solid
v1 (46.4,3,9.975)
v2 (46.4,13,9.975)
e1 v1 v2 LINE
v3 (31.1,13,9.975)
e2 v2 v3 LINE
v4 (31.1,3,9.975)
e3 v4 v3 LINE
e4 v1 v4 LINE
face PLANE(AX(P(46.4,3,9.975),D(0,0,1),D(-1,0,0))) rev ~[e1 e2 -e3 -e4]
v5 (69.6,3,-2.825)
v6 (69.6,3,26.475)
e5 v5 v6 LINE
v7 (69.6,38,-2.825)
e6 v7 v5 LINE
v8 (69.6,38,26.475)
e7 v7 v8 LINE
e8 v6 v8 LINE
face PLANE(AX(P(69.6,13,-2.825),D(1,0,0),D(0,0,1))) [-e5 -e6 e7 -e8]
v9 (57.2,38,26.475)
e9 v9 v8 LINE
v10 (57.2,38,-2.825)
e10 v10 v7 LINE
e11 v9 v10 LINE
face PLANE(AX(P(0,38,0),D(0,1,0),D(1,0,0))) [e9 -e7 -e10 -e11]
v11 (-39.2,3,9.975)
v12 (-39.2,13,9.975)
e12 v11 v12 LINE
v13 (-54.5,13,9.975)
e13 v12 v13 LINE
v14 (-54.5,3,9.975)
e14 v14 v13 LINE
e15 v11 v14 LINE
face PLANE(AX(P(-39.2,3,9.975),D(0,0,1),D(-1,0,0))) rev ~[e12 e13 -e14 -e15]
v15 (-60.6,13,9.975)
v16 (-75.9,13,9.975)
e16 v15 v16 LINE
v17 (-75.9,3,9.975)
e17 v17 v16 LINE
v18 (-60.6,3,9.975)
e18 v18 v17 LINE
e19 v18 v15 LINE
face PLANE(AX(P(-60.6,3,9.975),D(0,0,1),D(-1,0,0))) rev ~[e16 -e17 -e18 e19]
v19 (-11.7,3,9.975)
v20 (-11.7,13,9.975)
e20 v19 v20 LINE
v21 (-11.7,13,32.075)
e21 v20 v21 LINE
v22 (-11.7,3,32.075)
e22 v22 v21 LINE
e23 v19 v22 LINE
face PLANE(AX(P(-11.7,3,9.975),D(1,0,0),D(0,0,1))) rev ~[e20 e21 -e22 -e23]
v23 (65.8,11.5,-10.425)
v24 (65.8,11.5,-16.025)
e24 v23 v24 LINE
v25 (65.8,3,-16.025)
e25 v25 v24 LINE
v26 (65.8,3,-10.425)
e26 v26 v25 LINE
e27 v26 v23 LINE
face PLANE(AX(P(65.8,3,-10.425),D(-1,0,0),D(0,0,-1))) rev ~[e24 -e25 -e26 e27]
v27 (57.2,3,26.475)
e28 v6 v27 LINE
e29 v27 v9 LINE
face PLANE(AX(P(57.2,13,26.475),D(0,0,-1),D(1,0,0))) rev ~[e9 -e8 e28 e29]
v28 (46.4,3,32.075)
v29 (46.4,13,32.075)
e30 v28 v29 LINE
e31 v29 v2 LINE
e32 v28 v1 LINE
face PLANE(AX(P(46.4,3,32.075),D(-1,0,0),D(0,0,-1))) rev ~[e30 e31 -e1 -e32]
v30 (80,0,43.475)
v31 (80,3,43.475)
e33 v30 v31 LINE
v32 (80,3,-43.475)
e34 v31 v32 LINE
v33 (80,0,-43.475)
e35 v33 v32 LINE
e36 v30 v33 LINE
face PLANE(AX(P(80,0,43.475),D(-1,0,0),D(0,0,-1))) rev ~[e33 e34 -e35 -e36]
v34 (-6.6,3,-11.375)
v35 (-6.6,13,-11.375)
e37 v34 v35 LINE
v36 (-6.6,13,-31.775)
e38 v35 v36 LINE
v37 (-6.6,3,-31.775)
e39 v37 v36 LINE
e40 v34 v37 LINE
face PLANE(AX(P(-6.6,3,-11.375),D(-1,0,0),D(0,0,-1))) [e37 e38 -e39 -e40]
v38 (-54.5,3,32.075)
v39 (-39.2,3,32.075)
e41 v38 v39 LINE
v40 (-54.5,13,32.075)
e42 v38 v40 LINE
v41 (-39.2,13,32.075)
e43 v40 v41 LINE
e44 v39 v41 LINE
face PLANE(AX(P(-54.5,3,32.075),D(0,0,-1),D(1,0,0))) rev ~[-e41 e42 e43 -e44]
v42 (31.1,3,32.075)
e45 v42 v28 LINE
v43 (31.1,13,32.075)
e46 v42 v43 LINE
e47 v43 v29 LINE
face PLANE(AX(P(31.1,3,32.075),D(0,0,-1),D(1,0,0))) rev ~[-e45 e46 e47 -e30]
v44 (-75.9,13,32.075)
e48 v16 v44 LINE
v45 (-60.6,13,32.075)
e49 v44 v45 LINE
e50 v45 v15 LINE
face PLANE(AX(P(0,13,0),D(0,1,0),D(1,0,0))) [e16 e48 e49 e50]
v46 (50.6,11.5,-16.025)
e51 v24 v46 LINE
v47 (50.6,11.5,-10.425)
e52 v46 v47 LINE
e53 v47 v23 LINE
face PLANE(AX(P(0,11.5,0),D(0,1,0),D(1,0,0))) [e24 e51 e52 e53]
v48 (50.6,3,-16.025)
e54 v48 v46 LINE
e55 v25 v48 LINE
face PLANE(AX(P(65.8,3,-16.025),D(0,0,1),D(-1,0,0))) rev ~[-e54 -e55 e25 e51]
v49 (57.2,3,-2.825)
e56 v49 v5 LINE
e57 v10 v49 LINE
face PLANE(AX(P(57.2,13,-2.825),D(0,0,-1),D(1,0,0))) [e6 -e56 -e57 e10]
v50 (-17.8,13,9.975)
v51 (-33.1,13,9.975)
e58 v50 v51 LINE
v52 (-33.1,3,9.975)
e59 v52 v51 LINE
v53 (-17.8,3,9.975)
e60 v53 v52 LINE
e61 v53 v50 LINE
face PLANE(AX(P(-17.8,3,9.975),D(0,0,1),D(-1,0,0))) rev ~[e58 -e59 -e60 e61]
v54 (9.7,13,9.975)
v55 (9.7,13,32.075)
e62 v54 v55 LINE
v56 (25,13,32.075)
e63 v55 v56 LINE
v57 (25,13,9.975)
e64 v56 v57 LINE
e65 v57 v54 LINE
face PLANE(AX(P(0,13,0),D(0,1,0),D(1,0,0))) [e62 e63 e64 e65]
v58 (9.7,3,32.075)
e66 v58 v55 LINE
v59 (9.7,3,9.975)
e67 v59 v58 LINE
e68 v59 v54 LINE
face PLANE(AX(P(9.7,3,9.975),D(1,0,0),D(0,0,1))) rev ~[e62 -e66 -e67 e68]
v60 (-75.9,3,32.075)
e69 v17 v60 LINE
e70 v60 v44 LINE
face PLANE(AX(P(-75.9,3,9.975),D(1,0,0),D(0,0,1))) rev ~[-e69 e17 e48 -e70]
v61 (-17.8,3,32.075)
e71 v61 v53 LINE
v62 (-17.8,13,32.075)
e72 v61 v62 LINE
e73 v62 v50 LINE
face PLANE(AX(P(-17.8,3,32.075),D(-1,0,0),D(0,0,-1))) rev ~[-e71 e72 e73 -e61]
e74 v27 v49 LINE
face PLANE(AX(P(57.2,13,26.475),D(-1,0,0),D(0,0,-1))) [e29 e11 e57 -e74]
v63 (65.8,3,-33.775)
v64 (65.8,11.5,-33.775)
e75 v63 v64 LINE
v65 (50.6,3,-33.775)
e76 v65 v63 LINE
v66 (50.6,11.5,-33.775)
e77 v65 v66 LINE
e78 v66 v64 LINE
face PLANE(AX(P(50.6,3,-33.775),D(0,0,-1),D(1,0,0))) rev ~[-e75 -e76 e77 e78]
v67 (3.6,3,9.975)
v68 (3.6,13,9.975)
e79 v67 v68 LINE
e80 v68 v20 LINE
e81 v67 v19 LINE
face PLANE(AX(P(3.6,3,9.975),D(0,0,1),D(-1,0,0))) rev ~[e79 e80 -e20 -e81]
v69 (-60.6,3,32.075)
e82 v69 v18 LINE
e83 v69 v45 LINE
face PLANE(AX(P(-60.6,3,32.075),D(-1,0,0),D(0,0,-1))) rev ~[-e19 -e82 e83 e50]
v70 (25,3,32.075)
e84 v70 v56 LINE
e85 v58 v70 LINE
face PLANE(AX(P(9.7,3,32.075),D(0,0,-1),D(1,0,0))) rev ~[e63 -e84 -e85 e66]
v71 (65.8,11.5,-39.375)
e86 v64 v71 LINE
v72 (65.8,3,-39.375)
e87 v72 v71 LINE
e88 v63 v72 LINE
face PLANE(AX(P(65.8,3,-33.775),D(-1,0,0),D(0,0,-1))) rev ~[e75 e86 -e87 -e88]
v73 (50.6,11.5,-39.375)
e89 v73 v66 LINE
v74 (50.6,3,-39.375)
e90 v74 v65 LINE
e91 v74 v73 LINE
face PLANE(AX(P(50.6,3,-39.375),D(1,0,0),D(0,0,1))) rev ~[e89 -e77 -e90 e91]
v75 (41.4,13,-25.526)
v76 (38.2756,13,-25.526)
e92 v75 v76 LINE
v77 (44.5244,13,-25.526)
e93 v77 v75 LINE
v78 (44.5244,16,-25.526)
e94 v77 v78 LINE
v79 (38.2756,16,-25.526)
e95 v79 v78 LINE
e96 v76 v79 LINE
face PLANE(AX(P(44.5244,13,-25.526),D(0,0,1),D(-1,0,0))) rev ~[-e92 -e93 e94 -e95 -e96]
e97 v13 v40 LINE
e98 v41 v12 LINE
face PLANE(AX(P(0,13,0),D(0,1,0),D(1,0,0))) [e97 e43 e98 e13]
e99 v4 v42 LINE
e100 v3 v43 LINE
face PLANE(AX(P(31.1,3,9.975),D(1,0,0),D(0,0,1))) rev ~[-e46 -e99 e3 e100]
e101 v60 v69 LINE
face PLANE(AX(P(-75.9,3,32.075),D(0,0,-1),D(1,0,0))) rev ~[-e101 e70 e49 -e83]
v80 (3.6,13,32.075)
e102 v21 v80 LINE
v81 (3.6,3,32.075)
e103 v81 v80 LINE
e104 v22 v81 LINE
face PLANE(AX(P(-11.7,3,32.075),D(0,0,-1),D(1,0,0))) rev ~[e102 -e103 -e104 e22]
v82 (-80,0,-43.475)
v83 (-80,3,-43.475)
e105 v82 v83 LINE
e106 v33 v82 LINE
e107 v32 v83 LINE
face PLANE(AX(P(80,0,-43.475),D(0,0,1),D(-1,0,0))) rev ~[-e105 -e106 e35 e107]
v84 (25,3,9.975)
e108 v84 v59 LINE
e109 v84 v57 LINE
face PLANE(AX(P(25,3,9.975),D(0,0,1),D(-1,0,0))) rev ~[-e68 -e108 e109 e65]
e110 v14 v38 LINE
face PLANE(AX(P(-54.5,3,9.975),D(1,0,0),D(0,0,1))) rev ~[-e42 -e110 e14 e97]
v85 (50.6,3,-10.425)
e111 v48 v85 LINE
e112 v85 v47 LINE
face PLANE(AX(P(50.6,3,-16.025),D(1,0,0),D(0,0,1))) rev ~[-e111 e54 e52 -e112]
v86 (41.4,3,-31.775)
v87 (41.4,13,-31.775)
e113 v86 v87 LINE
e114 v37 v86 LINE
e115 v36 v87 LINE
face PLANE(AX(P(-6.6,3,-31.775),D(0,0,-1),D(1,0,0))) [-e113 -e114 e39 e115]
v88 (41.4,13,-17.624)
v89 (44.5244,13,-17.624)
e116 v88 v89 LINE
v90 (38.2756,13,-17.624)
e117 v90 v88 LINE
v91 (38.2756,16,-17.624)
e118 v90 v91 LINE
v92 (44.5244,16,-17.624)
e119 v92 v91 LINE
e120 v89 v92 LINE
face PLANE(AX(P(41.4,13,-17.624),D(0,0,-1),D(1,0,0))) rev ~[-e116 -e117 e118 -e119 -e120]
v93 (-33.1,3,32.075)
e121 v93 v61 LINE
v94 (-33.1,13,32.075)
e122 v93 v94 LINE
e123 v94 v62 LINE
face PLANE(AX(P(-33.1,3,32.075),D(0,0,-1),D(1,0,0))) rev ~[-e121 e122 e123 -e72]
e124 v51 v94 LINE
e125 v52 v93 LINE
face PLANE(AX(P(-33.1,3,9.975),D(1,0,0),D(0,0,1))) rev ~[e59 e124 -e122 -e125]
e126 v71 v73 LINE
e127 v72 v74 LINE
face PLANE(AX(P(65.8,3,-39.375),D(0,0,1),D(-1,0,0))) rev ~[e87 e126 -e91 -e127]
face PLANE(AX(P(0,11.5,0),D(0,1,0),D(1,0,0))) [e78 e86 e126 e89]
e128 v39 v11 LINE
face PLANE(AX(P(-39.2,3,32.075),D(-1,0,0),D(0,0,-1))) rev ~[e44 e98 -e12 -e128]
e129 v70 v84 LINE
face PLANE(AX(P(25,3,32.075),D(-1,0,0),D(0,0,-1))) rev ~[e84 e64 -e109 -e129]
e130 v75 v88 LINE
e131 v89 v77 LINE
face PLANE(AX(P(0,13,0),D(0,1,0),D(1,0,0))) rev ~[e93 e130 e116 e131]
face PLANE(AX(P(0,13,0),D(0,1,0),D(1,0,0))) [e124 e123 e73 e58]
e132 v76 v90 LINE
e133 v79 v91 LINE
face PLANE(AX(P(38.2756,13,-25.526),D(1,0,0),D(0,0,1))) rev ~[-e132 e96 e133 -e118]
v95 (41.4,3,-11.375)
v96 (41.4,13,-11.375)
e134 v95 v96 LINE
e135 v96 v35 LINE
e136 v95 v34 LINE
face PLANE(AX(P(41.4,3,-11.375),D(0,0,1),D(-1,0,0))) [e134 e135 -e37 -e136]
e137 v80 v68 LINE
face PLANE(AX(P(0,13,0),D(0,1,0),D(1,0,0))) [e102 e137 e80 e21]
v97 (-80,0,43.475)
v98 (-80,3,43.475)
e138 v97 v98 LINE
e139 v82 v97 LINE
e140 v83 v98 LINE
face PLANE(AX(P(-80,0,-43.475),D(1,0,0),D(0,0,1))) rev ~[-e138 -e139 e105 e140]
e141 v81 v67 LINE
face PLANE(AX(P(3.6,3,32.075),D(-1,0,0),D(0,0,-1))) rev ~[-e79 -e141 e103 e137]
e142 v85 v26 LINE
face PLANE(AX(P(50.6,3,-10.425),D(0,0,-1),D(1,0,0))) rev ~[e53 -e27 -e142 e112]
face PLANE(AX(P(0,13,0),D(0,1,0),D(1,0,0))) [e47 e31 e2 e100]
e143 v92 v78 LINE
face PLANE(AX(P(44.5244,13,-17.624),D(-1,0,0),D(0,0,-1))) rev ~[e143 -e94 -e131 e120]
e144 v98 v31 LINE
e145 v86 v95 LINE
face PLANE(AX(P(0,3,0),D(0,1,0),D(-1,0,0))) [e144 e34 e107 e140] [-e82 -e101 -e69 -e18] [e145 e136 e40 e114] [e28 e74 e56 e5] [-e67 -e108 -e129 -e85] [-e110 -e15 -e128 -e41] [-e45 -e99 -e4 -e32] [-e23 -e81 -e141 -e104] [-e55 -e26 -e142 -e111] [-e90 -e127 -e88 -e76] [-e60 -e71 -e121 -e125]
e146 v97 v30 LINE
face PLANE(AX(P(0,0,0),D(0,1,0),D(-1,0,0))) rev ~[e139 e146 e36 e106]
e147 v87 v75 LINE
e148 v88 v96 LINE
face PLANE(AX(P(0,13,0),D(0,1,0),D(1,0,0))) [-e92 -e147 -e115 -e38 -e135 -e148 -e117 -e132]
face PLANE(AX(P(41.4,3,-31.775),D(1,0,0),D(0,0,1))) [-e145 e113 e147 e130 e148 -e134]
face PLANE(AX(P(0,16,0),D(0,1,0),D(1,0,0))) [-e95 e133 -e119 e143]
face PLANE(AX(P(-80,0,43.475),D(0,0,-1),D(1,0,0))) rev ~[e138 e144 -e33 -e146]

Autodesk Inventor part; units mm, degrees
ref_plane "YZ Plane" through (0, 0, 0) normal (1, 0, 0) x (0, 1, 0)
ref_plane "XZ Plane" through (0, 0, 0) normal (0, 1, 0) x (-1, 0, 0)
ref_plane "XY Plane" through (0, 0, 0) normal (0, 0, 1) x (1, 0, 0)
sketch "Sketch1" plane through (0, 0, 0) normal (0, 1, 0) x (-1, 0, 0)
  line L0 (-80, -43.475) -> (80, -43.475)
  line L1 (80, -43.475) -> (80, 43.475)
  line L2 (80, 43.475) -> (-80, 43.475)
  line L3 (-80, 43.475) -> (-80, -43.475)
  line L4 (-80, -43.475) -> (80, 43.475) construction
  line L5 (80, -43.475) -> (-80, 43.475) construction
  point P0 (0, 0)
  dimension "d0" = 160
  dimension "d1" = 86.95
extrude "Extrusion1" add sketch "Sketch1" along normal blind 3
sketch "Sketch2" plane through (0, 3, 0) normal (0, 1, 0) x (1, 0, 0)
  line L0 (-6.6, 31.775) -> (41.4, 31.775)
  line L1 (41.4, 31.775) -> (41.4, 11.375)
  line L2 (41.4, 11.375) -> (-6.6, 11.375)
  line L3 (-6.6, 11.375) -> (-6.6, 31.775)
  line L4 (80, -43.475) -> (80, 43.475) projected
  line L5 (-80, -43.475) -> (80, -43.475) projected
  line L6 (-75.9, -32.075) -> (-60.6, -32.075)
  line L7 (-60.6, -32.075) -> (-60.6, -9.975)
  line L8 (-60.6, -9.975) -> (-75.9, -9.975)
  line L9 (-75.9, -9.975) -> (-75.9, -32.075)
  line L10 (-80, 43.475) -> (-80, -43.475) projected
  line L11 (-54.5, -32.075) -> (-39.2, -32.075)
  line L12 (-39.2, -32.075) -> (-39.2, -9.975)
  line L13 (-39.2, -9.975) -> (-54.5, -9.975)
  line L14 (-54.5, -9.975) -> (-54.5, -32.075)
  line L15 (-33.1, -32.075) -> (-17.8, -32.075)
  line L16 (-17.8, -32.075) -> (-17.8, -9.975)
  line L17 (-17.8, -9.975) -> (-33.1, -9.975)
  line L18 (-33.1, -9.975) -> (-33.1, -32.075)
  line L19 (57.2, 2.825) -> (69.6, 2.825)
  line L20 (69.6, 2.825) -> (69.6, -26.475)
  line L21 (69.6, -26.475) -> (57.2, -26.475)
  line L22 (57.2, -26.475) -> (57.2, 2.825)
  line L23 (-11.7, -9.975) -> (-11.7, -32.075)
  line L24 (3.6, -9.975) -> (-11.7, -9.975)
  line L25 (3.6, -32.075) -> (3.6, -9.975)
  line L26 (-11.7, -32.075) -> (3.6, -32.075)
  line L27 (31.1, -9.975) -> (31.1, -32.075)
  line L28 (46.4, -9.975) -> (31.1, -9.975)
  line L29 (46.4, -32.075) -> (46.4, -9.975)
  line L30 (31.1, -32.075) -> (46.4, -32.075)
  line L31 (25, -9.975) -> (9.7, -9.975)
  line L32 (9.7, -32.075) -> (25, -32.075)
  line L33 (25, -32.075) -> (25, -9.975)
  line L34 (9.7, -9.975) -> (9.7, -32.075)
  line L35 (80, 43.475) -> (-80, 43.475) projected
  point P0 (0, 0)
  dimension "d6" = 48
  dimension "d7" = 20.4
  dimension "d26" = 15.3
  dimension "d27" = 22.1
  dimension "d29" = 4.1
  dimension "d30" = 15.3
  dimension "d32" = 15.3
  dimension "d36" = 12.4
  dimension "d37" = 29.3
  dimension "d38" = 15.3
  dimension "d42" = 15.3
  dimension "d44" = 15.3
  dimension "d46" = 6.1
  dimension "d47" = 6.1
  dimension "d48" = 6.1
  dimension "d49" = 6.1
  dimension "d50" = 6.1
  dimension "d51" = 11.4
  dimension "d52" = 10.4
  dimension "d53" = 17
  dimension "d54" = 73.4
  dimension "d55" = 11.7
extrude "Extrusion4" add sketch "Sketch2" along normal blind 10 contours L0 L1 L2 L3 | L9 L8 L7 L6 | L14 L13 L12 L11 | L18 L17 L16 L15 | L19 L20 L21 L22 | L24 L25 L26 L23 | L28 L29 L30 L27 | L33 L32 L34 L31
sketch "Sketch4" plane through (0, 13, 0) normal (0, 1, 0) x (1, 0, 0)
  line L0 (44.5244, 25.526) -> (38.2756, 25.526)
  line L1 (38.2756, 25.526) -> (38.2756, 17.624)
  line L2 (38.2756, 17.624) -> (44.5244, 17.624)
  line L3 (44.5244, 17.624) -> (44.5244, 25.526)
  line L4 (41.4, 11.375) -> (41.4, 31.775) projected
  line L5 (44.5244, 25.526) -> (38.2756, 17.624) construction
  line L6 (38.2756, 25.526) -> (44.5244, 17.624) construction
  point P0 (0, 0)
  point P1 (41.4, 21.575)
extrude "Extrusion5" add sketch "Sketch4" along normal blind 3
sketch "Sketch5" plane through (0, 3, 0) normal (0, 1, 0) x (1, 0, 0)
  line L0 (65.8, 16.025) -> (50.6, 16.025)
  line L1 (50.6, 16.025) -> (50.6, 10.425)
  line L2 (50.6, 10.425) -> (65.8, 10.425)
  line L3 (65.8, 10.425) -> (65.8, 16.025)
  line L4 (80, 43.475) -> (-80, 43.475) projected
  line L5 (80, -43.475) -> (80, 43.475) projected
  line L6 (65.8, 39.375) -> (50.6, 39.375)
  line L7 (50.6, 39.375) -> (50.6, 33.775)
  line L8 (50.6, 33.775) -> (65.8, 33.775)
  line L9 (65.8, 33.775) -> (65.8, 39.375)
  point P0 (0, 0)
  dimension "d60" = 15.2
  dimension "d61" = 5.6
  dimension "d62" = 27.45
  dimension "d63" = 14.2
  dimension "d64" = 15.2
  dimension "d65" = 5.6
  dimension "d66" = 4.1
extrude "Extrusion6" add sketch "Sketch5" along normal blind 8.5
sketch "Sketch6" plane through (0, 13, 0) normal (0, 1, 0) x (1, 0, 0)
  line L0 (57.2, -26.475) -> (69.6, -26.475) projected
  line L1 (69.6, -26.475) -> (57.2, -26.475)
  line L2 (57.2, -26.475) -> (57.2, 2.825)
  line L3 (57.2, 2.825) -> (69.6, 2.825)
  line L4 (69.6, 2.825) -> (69.6, -26.475)
  point P0 (0, 0)
extrude "Extrusion7" add sketch "Sketch6" along normal blind 25
properties part number "PCB"
